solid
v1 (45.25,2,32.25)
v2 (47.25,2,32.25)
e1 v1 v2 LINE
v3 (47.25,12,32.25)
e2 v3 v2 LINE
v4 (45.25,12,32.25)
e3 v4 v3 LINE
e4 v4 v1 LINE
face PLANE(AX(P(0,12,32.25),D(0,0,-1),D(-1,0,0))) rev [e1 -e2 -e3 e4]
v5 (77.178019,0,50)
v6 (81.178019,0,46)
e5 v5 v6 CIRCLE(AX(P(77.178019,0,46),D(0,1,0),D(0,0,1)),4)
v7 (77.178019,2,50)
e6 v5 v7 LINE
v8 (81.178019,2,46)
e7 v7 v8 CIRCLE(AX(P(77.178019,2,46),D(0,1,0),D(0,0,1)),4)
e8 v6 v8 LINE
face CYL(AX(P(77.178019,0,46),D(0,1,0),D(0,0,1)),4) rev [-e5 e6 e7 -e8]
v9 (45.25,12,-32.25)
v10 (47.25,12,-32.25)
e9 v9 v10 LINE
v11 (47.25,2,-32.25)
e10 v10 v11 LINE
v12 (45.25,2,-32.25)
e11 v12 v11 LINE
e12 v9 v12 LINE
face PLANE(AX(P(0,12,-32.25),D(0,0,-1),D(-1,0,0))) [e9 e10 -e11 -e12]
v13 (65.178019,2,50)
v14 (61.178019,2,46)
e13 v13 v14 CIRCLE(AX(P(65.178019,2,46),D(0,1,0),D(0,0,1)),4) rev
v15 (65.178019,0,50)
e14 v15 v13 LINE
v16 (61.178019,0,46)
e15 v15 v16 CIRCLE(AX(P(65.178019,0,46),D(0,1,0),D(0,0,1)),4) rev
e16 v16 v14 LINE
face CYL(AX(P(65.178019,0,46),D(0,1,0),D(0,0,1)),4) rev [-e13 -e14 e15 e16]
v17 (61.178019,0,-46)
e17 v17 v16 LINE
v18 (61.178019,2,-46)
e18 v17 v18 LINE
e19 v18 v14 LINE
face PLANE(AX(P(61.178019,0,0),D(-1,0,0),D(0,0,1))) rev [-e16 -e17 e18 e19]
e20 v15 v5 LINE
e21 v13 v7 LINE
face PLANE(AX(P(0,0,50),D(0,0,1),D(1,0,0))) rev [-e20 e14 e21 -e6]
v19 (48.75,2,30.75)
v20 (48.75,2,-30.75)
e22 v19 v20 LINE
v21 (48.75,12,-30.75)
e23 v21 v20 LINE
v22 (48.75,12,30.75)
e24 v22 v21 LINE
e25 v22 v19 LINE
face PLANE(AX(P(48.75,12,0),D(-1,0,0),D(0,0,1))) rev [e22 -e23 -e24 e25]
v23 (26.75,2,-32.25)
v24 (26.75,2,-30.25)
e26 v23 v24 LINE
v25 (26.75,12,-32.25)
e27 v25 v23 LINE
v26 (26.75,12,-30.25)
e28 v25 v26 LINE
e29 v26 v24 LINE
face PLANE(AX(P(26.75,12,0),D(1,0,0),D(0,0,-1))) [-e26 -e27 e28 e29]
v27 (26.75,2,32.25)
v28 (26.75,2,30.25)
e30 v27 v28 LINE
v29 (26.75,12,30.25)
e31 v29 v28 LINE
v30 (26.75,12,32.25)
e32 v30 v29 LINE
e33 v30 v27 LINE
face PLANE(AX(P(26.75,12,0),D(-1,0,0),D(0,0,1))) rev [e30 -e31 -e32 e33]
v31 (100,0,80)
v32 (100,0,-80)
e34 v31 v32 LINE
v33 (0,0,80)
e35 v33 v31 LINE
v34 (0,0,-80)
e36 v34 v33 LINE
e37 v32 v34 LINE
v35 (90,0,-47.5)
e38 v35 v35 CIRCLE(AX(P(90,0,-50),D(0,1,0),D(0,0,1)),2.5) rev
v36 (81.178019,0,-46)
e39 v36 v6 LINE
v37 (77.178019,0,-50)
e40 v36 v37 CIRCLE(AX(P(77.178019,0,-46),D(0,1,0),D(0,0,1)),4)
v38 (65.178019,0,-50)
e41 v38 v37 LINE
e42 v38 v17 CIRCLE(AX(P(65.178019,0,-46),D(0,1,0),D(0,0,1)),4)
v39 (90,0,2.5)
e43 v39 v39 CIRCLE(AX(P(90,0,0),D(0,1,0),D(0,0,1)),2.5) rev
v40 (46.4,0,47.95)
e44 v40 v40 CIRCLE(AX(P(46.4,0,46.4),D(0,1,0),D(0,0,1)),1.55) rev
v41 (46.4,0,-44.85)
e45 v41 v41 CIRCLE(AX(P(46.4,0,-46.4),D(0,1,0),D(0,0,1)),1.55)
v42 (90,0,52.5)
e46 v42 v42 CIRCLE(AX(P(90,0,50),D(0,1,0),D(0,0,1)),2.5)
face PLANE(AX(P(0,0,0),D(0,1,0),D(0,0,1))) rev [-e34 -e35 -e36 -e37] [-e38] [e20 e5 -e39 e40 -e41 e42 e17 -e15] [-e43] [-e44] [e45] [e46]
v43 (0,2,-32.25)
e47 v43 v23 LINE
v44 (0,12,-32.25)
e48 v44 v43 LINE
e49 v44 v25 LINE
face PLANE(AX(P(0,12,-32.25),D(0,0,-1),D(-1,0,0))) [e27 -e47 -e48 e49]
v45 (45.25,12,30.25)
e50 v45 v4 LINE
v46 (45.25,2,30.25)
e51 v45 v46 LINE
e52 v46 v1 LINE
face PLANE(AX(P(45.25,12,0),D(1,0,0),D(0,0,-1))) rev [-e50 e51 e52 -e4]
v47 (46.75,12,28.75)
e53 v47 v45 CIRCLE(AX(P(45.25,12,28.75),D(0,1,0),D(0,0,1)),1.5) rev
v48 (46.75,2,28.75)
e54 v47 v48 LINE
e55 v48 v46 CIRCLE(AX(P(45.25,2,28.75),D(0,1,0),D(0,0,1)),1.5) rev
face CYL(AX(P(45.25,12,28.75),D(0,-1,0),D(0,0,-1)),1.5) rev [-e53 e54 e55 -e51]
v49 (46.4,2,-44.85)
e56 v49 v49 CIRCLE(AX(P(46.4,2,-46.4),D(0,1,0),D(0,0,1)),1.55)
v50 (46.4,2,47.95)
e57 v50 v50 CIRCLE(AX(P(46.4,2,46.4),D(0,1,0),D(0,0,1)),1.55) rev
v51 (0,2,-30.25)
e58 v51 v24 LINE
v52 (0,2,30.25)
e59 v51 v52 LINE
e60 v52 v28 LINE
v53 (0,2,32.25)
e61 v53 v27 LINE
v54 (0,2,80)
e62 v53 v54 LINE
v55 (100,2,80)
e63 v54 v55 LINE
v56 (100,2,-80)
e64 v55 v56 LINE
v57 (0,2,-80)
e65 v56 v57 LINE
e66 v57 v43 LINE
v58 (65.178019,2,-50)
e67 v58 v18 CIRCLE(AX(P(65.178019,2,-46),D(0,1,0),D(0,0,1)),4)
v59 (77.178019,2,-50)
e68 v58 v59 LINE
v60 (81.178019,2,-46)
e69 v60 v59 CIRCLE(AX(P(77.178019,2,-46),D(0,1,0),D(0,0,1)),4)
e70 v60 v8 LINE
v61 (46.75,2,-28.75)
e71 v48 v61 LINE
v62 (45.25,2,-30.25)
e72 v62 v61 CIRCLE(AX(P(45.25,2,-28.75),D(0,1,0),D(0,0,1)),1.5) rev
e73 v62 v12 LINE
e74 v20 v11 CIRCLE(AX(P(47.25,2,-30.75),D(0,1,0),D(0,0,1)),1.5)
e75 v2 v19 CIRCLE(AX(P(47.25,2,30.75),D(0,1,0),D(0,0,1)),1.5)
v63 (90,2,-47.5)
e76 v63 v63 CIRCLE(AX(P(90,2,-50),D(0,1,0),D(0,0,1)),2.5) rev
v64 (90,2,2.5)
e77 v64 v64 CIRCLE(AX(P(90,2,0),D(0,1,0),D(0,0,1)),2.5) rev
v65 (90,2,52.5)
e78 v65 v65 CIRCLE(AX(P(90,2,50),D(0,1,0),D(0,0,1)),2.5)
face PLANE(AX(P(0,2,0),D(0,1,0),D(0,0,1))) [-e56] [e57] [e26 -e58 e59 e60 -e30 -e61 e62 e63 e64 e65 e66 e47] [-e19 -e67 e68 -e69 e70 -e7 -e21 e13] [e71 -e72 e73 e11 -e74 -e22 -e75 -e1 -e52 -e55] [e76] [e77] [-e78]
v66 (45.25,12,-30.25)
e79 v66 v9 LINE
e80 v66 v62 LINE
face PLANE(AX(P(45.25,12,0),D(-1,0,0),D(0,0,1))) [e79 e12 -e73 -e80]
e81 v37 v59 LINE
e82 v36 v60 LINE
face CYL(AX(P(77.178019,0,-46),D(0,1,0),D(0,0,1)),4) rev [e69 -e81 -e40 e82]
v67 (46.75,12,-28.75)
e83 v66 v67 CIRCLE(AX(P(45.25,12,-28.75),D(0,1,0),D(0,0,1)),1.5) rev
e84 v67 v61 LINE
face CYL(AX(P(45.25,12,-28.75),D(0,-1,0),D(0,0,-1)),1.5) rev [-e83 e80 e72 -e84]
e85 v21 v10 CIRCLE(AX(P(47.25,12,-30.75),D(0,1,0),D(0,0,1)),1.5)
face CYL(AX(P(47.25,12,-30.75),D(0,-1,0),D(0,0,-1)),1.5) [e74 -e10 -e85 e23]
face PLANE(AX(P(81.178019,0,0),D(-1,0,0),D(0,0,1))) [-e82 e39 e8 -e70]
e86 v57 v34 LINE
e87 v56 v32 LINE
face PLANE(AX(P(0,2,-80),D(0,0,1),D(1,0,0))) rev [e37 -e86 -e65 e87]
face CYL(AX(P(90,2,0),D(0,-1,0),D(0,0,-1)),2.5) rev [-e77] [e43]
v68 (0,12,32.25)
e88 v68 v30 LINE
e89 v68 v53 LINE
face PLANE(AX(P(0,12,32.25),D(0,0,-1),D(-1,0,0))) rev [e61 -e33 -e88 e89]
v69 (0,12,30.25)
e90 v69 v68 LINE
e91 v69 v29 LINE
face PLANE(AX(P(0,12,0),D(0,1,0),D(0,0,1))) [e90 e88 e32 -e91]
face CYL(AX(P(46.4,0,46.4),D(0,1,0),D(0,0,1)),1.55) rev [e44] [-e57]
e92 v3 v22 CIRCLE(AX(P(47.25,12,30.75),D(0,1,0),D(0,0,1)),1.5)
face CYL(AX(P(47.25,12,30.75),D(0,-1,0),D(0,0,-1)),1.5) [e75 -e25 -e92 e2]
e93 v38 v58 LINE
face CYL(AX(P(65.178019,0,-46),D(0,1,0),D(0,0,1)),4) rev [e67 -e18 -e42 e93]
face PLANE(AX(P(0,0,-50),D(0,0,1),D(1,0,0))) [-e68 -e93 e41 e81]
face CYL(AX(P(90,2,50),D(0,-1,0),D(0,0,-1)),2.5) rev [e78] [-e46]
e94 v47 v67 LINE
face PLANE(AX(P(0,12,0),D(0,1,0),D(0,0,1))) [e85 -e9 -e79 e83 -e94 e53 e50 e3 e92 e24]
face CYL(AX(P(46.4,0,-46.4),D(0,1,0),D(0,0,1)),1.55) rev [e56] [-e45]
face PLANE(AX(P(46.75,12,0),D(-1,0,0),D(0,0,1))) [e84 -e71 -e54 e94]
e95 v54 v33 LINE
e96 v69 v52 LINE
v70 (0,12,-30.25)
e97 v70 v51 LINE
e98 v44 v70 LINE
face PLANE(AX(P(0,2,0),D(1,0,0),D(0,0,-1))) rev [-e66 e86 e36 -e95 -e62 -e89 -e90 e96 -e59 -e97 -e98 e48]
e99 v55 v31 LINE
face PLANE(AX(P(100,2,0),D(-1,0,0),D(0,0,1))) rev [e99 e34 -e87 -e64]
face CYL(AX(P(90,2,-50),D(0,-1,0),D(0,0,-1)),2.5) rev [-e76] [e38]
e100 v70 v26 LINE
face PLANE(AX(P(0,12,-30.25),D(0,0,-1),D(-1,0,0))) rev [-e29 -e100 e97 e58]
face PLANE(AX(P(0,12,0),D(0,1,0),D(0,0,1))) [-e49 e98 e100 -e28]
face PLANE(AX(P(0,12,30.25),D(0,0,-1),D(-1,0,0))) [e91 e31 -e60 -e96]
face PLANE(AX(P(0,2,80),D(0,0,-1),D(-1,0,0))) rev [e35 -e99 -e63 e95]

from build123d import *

# Parameters (mm, degrees)
SKETCH_1_R          = 2.5
EXTRUDE_4_DEPTH     = 2
SKETCH_4_R          = 1.5
CUT_EXTRUDE_2_DEPTH = 2
SKETCH_6_W          = 26.75
SKETCH_6_H          = 2
EXTRUDE_5_DEPTH     = 10
SKETCH_7_R          = 1.5
SKETCH_7_R_2        = 1.663234229
EXTRUDE_6_DEPTH     = 2
SKETCH_8_R          = 1.55
CUT_EXTRUDE_3_DEPTH = 2


with BuildPart() as part:
    # 草图1 → 凸台-拉伸4 (new body)
    with BuildSketch(Plane(origin=(0, 0, 0), x_dir=(1, 0, 0), z_dir=(0, 1, 0))):
        Polygon((0, 0), (0, -80), (70, -80), (100, -80), (100, 80), (70, 80), (0, 80), align=None)
        with Locations(Location((90, -50, 0), (0, 0, 270))):
            Circle(SKETCH_1_R, mode=Mode.SUBTRACT)
        with Locations(Location((90, 0, 0), (0, 0, 270))):
            Circle(SKETCH_1_R, mode=Mode.SUBTRACT)
        with Locations(Location((90, 50, 0), (0, 0, 270))):
            Circle(SKETCH_1_R, mode=Mode.SUBTRACT)
    extrude(amount=EXTRUDE_4_DEPTH)

    # 草图4 → 切除-拉伸2 (cut)
    with BuildSketch(Plane(origin=(0, 2, 0), x_dir=(1, 0, 0), z_dir=(0, 1, 0))):
        with BuildLine():
            Line((65.178018522, 50), (77.178018522, 50))
            ThreePointArc((77.178018522, 50), (80.006445646, 48.828427125), (81.178018522, 46))
            Line((81.178018522, 46), (81.178018522, -46))
            ThreePointArc((81.178018522, -46), (80.006445646, -48.828427125), (77.178018522, -50))
            Line((77.178018522, -50), (65.178018522, -50))
            ThreePointArc((65.178018522, -50), (62.349591397, -48.828427125), (61.178018522, -46))
            Line((61.178018522, -46), (61.178018522, 46))
            ThreePointArc((61.178018522, 46), (62.349591397, 48.828427125), (65.178018522, 50))
        make_face()
        with Locations(Location((47.4, -47.4, 0), (0, 0, 270))):
            Circle(SKETCH_4_R)
        with Locations(Location((47.4, 47.4, 0), (0, 0, 270))):
            Circle(SKETCH_4_R)
    extrude(amount=-CUT_EXTRUDE_2_DEPTH, mode=Mode.SUBTRACT)

    # 草图6 → 凸台-拉伸5 (add)
    with BuildSketch(Plane(origin=(0, 2, 0), x_dir=(1, 0, 0), z_dir=(0, 1, 0))):
        with Locations((13.375, -31.25)):
            Rectangle(SKETCH_6_W, SKETCH_6_H)
        with BuildLine():
            Line((47.25, 32.25), (46.75, 32.25))
            Line((46.75, 32.25), (46.75, 28.75))
            Line((46.75, 28.75), (46.75, -28.75))
            Line((46.75, -28.75), (46.75, -32.25))
            Line((46.75, -32.25), (47.25, -32.25))
            ThreePointArc((47.25, -32.25), (48.310660172, -31.810660172), (48.75, -30.75))
            Line((48.75, -30.75), (48.75, 30.75))
            ThreePointArc((48.75, 30.75), (48.310660172, 31.810660172), (47.25, 32.25))
        make_face()
        with BuildLine():
            Line((46.75, -32.25), (46.75, -28.75))
            ThreePointArc((46.75, -28.75), (46.310660172, -29.810660172), (45.25, -30.25))
            Line((45.25, -30.25), (45.25, -32.25))
            Line((45.25, -32.25), (46.75, -32.25))
        make_face()
        with BuildLine():
            Line((46.75, 32.25), (45.25, 32.25))
            Line((45.25, 32.25), (45.25, 30.25))
            ThreePointArc((45.25, 30.25), (46.310660172, 29.810660172), (46.75, 28.75))
            Line((46.75, 28.75), (46.75, 32.25))
        make_face()
        with Locations((13.375, 31.25)):
            Rectangle(SKETCH_6_W, SKETCH_6_H)
    extrude(amount=EXTRUDE_5_DEPTH)

    # 草图7 → 凸台-拉伸6 (add)
    with BuildSketch(Plane(origin=(0, 2, 0), x_dir=(1, 0, 0), z_dir=(0, 1, 0))):
        with Locations((47.4, 47.4)):
            Circle(SKETCH_7_R)
        with Locations((47.4, -47.4)):
            Circle(SKETCH_7_R_2)
    extrude(amount=-EXTRUDE_6_DEPTH)

    # 草图8 → 切除-拉伸3 (cut)
    with BuildSketch(Plane(origin=(0, 2, 0), x_dir=(1, 0, 0), z_dir=(0, 1, 0))):
        with BuildLine():
            ThreePointArc((47.95, 46.4), (47.496015511, 47.496015511), (46.4, 47.95))
            Line((46.4, 47.95), (46.4, 46.4))
            Line((46.4, 46.4), (47.95, 46.4))
        make_face()
        with BuildLine():
            Line((46.4, 46.4), (46.4, 47.95))
            ThreePointArc((46.4, 47.95), (45.303984489, 45.303984489), (47.95, 46.4))
            Line((47.95, 46.4), (46.4, 46.4))
        make_face()
        with Locations(Location((46.4, -46.4, 0), (0, 0, 270))):
            Circle(SKETCH_8_R)
    extrude(amount=-CUT_EXTRUDE_3_DEPTH, mode=Mode.SUBTRACT)


solid = part.part
